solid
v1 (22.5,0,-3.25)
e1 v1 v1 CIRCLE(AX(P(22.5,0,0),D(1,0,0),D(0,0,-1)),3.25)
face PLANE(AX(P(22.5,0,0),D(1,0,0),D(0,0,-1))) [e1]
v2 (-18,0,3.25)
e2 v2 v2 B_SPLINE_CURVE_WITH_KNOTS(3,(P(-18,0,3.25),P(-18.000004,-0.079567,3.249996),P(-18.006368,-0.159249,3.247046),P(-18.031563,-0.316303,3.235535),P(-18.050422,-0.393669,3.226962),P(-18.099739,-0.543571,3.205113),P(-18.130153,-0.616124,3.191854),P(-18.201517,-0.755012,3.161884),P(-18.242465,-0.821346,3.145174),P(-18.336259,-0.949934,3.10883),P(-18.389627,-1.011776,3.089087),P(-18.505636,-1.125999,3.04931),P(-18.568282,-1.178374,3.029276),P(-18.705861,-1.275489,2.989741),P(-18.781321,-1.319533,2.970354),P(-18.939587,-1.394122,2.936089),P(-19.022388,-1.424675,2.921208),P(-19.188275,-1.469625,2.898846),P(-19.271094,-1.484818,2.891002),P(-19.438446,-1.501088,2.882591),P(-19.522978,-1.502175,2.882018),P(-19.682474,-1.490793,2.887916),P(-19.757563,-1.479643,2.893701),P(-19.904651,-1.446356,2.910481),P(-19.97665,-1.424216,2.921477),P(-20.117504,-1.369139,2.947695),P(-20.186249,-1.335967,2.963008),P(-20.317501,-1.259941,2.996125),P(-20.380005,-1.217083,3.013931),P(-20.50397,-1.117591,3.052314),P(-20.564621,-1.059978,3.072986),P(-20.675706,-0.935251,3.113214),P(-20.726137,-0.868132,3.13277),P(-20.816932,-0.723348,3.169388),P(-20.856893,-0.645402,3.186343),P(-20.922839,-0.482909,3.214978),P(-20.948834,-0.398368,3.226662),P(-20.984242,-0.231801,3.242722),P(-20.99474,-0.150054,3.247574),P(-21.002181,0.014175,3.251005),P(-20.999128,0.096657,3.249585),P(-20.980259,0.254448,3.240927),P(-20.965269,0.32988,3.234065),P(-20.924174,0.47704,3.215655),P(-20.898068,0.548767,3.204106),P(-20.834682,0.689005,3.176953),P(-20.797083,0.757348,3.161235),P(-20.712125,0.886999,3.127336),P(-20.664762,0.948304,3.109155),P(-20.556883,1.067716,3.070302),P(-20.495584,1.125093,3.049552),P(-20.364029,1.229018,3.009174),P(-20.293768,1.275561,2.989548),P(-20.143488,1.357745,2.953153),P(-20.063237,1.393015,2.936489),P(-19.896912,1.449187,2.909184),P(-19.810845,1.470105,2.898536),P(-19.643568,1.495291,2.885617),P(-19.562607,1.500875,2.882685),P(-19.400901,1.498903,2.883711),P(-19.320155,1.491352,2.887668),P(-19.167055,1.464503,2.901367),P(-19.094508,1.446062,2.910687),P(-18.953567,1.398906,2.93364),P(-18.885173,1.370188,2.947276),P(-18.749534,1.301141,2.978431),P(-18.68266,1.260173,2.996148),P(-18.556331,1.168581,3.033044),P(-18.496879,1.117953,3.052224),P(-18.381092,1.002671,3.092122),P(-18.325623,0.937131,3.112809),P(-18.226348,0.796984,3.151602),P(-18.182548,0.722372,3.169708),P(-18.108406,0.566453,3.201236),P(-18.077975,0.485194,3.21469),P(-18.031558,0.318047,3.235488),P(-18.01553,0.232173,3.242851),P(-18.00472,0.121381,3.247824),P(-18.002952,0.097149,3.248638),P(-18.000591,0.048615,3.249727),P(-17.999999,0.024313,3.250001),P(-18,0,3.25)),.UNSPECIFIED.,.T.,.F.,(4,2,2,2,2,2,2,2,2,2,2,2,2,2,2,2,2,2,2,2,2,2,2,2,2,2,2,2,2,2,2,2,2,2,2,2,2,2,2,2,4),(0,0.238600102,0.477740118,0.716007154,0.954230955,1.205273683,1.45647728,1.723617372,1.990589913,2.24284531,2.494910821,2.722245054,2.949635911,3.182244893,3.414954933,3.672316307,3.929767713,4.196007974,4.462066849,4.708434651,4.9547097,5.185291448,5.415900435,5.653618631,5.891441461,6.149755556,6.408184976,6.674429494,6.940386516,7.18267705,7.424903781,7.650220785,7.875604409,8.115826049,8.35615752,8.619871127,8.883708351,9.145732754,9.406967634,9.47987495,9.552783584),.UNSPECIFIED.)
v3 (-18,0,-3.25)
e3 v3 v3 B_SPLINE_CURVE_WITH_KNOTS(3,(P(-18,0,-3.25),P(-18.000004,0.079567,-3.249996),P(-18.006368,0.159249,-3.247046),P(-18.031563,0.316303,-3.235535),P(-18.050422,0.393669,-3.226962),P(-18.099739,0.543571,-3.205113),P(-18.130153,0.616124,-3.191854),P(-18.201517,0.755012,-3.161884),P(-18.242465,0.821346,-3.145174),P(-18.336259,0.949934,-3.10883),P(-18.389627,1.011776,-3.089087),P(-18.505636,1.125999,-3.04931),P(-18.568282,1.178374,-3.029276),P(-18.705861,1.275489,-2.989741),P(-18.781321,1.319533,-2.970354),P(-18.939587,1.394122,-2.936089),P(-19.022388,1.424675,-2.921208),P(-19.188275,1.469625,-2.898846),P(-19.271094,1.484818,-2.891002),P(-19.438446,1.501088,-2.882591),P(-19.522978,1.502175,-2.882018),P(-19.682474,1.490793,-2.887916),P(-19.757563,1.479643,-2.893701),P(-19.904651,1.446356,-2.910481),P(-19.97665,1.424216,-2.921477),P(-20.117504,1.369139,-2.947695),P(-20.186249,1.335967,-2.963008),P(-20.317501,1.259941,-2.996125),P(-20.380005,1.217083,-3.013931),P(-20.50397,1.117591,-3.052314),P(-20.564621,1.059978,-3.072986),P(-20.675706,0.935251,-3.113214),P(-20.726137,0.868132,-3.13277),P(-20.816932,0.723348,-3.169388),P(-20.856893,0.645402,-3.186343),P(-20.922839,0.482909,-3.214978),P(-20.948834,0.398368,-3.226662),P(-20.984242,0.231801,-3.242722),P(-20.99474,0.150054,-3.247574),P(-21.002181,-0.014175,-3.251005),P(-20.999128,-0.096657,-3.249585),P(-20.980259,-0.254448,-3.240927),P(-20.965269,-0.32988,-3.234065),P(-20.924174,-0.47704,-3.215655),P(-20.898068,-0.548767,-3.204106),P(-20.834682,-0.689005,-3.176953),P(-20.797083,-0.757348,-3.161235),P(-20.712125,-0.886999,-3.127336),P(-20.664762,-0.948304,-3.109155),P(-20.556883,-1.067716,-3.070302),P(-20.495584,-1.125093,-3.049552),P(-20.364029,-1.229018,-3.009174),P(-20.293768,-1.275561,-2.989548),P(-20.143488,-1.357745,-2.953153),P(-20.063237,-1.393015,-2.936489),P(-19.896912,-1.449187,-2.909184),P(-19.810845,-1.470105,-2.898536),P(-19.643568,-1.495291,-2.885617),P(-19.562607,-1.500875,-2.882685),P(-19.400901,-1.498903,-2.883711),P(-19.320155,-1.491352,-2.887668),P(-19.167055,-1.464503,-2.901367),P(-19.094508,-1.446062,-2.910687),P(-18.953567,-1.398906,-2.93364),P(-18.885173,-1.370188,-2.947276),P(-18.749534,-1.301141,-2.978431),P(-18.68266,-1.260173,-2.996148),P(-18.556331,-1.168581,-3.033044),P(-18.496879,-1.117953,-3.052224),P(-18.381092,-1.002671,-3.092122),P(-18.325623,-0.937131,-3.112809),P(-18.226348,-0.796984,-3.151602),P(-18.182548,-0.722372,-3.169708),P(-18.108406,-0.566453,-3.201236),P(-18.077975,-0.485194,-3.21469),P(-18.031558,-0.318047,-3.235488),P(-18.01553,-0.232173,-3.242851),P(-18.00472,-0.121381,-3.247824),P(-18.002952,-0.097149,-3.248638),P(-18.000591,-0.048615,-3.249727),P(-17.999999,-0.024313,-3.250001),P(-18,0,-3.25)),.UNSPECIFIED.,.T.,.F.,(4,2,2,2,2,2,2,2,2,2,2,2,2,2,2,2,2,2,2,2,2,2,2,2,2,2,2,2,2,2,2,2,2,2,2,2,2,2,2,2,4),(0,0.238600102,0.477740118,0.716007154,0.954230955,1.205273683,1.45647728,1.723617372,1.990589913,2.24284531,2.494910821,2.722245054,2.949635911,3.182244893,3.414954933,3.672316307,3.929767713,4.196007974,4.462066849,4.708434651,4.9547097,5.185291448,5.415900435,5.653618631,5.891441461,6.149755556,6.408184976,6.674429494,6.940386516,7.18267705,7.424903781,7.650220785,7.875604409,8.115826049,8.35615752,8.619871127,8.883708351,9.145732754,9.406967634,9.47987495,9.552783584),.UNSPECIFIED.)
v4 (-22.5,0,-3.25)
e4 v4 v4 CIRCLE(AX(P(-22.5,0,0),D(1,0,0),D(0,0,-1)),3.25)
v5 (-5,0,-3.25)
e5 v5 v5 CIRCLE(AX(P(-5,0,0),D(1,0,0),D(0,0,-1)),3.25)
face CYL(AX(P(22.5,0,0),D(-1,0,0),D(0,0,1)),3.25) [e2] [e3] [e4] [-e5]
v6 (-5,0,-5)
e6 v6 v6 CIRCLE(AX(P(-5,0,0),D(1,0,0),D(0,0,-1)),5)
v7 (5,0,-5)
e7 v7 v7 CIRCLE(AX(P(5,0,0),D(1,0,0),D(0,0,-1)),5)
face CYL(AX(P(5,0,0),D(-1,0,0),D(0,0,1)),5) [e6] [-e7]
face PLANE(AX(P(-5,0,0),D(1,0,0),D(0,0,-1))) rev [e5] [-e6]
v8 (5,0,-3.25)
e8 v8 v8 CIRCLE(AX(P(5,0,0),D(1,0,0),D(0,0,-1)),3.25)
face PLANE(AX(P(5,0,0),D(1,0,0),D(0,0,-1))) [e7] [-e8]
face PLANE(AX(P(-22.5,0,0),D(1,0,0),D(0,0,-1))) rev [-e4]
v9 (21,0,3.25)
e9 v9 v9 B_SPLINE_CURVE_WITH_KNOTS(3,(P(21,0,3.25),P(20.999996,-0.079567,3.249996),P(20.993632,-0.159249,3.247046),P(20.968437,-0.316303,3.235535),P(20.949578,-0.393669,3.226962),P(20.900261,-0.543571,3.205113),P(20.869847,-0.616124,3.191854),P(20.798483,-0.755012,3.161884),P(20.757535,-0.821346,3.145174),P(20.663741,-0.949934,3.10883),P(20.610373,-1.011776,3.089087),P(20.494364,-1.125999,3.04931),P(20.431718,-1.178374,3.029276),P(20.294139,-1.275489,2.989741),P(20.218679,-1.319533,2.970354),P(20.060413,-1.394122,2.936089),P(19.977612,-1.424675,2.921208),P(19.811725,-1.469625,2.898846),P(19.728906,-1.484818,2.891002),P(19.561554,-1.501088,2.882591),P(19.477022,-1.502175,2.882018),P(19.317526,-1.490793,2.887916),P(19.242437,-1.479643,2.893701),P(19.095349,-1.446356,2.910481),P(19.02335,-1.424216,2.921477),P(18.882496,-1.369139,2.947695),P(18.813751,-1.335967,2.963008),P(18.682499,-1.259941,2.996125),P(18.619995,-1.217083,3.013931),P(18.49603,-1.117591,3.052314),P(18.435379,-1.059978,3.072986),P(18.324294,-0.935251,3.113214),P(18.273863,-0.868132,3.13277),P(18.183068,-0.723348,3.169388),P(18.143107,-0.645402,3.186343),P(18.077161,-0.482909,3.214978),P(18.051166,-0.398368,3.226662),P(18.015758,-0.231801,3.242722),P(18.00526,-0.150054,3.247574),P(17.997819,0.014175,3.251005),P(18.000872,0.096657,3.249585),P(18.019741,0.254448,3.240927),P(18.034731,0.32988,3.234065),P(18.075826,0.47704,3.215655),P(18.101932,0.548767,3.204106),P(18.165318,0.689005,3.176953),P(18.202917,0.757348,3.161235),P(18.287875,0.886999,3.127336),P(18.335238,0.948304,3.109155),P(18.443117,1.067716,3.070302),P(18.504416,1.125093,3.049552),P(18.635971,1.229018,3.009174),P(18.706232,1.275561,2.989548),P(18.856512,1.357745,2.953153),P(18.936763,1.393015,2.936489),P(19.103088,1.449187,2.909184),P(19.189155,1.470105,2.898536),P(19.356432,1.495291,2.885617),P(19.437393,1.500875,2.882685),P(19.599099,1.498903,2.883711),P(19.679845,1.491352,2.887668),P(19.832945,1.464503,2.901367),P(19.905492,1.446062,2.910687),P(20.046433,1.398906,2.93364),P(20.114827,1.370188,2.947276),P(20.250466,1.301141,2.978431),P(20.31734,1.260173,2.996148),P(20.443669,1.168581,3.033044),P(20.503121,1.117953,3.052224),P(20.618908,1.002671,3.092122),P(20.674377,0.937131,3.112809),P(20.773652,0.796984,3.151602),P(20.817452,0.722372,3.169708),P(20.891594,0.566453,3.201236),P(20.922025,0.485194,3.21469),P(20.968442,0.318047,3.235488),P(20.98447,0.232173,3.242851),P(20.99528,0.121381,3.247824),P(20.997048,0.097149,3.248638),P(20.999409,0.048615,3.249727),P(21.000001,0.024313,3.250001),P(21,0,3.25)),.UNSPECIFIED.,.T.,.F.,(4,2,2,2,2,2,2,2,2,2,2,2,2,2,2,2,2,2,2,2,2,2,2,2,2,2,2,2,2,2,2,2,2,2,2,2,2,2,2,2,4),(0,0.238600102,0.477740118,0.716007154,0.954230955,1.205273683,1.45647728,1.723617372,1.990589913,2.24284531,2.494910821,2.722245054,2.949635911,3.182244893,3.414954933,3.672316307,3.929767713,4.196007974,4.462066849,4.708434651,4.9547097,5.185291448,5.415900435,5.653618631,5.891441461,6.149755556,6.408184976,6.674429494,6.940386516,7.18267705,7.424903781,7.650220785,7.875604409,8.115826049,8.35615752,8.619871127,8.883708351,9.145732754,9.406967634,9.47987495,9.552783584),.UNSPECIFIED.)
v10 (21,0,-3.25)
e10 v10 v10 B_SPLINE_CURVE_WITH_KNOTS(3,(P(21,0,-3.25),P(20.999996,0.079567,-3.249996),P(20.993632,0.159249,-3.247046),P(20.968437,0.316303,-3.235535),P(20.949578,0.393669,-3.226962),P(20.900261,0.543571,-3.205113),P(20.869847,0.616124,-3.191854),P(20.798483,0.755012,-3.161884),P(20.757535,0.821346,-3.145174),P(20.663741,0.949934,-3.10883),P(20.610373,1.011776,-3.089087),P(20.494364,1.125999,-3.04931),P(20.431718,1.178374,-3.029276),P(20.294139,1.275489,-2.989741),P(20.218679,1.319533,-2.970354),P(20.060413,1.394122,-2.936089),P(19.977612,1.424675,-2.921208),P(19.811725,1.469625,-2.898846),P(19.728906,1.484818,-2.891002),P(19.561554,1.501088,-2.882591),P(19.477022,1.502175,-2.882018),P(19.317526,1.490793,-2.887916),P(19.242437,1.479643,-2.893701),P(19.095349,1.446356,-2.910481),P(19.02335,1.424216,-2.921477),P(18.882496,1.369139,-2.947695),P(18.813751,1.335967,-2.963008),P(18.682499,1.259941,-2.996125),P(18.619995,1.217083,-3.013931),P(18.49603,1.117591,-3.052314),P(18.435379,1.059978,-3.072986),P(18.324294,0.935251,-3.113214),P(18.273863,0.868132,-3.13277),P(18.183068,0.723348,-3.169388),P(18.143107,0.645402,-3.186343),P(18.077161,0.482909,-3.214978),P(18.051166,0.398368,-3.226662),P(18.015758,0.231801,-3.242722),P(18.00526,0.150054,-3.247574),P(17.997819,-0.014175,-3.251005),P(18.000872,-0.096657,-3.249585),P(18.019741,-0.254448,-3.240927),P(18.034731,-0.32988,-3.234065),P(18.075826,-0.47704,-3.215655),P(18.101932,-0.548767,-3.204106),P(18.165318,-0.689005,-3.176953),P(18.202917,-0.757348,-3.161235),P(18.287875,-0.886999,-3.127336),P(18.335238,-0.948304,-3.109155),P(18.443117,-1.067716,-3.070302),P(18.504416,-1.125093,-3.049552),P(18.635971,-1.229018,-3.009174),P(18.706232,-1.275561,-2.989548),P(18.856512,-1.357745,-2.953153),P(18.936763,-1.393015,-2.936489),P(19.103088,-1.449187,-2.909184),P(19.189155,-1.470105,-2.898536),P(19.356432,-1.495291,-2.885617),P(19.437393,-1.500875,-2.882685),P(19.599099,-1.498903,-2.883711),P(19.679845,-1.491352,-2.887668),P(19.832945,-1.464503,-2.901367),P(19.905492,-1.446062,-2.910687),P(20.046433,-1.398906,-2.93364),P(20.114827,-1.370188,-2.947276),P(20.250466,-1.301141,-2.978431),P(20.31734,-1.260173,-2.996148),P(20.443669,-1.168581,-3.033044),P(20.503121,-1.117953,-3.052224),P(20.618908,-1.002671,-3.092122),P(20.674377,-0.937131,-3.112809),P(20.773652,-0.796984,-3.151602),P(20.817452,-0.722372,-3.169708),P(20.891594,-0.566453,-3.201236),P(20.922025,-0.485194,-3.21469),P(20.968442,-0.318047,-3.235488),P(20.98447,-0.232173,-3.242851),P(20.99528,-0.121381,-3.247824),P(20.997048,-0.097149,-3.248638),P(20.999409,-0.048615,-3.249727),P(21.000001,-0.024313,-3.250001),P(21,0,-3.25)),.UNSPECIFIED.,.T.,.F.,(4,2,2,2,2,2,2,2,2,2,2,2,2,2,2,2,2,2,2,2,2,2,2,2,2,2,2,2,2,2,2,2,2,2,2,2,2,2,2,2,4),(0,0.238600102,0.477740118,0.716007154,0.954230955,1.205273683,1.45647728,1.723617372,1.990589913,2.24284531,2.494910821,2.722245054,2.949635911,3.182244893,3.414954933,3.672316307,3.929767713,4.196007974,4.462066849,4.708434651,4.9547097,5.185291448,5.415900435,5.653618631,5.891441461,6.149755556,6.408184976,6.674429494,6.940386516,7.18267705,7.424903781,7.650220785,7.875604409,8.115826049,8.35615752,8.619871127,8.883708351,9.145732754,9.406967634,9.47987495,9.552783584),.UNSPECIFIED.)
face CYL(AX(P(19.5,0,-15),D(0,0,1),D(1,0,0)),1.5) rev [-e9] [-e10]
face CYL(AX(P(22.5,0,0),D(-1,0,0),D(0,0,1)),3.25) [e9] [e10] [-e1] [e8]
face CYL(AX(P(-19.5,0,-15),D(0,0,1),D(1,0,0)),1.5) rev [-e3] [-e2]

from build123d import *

# Parameters (mm, degrees)
SKETCH1_R           = 3.25
BOSS_EXTRUDE1_DEPTH = 22.5
SKETCH2_R           = 1.5
CUT_EXTRUDE1_DEPTH  = 15
SKETCH3_R           = 5
BOSS_EXTRUDE2_DEPTH = 5


with BuildPart() as part:
    # Sketch1 → Boss-Extrude1 (new, symmetric)
    with BuildSketch(Plane(origin=(0, 0, 0), x_dir=(0, 0, -1), z_dir=(1, 0, 0))):
        with Locations(Location((0, 0, 0), (0, 0, 180))):
            Circle(SKETCH1_R)
    extrude(amount=BOSS_EXTRUDE1_DEPTH, both=True)

    # Sketch2 → Cut-Extrude1 (cut, symmetric)
    with BuildSketch(Plane.XY):
        with Locations((-19.5, 0)):
            Circle(SKETCH2_R)
        with Locations((19.5, 0)):
            Circle(SKETCH2_R)
    extrude(amount=CUT_EXTRUDE1_DEPTH, both=True, mode=Mode.SUBTRACT)

    # Sketch3 → Boss-Extrude2 (add, symmetric)
    with BuildSketch(Plane(origin=(0, 0, 0), x_dir=(0, 0, -1), z_dir=(1, 0, 0))):
        Circle(SKETCH3_R)
    extrude(amount=BOSS_EXTRUDE2_DEPTH, both=True)


solid = part.part
